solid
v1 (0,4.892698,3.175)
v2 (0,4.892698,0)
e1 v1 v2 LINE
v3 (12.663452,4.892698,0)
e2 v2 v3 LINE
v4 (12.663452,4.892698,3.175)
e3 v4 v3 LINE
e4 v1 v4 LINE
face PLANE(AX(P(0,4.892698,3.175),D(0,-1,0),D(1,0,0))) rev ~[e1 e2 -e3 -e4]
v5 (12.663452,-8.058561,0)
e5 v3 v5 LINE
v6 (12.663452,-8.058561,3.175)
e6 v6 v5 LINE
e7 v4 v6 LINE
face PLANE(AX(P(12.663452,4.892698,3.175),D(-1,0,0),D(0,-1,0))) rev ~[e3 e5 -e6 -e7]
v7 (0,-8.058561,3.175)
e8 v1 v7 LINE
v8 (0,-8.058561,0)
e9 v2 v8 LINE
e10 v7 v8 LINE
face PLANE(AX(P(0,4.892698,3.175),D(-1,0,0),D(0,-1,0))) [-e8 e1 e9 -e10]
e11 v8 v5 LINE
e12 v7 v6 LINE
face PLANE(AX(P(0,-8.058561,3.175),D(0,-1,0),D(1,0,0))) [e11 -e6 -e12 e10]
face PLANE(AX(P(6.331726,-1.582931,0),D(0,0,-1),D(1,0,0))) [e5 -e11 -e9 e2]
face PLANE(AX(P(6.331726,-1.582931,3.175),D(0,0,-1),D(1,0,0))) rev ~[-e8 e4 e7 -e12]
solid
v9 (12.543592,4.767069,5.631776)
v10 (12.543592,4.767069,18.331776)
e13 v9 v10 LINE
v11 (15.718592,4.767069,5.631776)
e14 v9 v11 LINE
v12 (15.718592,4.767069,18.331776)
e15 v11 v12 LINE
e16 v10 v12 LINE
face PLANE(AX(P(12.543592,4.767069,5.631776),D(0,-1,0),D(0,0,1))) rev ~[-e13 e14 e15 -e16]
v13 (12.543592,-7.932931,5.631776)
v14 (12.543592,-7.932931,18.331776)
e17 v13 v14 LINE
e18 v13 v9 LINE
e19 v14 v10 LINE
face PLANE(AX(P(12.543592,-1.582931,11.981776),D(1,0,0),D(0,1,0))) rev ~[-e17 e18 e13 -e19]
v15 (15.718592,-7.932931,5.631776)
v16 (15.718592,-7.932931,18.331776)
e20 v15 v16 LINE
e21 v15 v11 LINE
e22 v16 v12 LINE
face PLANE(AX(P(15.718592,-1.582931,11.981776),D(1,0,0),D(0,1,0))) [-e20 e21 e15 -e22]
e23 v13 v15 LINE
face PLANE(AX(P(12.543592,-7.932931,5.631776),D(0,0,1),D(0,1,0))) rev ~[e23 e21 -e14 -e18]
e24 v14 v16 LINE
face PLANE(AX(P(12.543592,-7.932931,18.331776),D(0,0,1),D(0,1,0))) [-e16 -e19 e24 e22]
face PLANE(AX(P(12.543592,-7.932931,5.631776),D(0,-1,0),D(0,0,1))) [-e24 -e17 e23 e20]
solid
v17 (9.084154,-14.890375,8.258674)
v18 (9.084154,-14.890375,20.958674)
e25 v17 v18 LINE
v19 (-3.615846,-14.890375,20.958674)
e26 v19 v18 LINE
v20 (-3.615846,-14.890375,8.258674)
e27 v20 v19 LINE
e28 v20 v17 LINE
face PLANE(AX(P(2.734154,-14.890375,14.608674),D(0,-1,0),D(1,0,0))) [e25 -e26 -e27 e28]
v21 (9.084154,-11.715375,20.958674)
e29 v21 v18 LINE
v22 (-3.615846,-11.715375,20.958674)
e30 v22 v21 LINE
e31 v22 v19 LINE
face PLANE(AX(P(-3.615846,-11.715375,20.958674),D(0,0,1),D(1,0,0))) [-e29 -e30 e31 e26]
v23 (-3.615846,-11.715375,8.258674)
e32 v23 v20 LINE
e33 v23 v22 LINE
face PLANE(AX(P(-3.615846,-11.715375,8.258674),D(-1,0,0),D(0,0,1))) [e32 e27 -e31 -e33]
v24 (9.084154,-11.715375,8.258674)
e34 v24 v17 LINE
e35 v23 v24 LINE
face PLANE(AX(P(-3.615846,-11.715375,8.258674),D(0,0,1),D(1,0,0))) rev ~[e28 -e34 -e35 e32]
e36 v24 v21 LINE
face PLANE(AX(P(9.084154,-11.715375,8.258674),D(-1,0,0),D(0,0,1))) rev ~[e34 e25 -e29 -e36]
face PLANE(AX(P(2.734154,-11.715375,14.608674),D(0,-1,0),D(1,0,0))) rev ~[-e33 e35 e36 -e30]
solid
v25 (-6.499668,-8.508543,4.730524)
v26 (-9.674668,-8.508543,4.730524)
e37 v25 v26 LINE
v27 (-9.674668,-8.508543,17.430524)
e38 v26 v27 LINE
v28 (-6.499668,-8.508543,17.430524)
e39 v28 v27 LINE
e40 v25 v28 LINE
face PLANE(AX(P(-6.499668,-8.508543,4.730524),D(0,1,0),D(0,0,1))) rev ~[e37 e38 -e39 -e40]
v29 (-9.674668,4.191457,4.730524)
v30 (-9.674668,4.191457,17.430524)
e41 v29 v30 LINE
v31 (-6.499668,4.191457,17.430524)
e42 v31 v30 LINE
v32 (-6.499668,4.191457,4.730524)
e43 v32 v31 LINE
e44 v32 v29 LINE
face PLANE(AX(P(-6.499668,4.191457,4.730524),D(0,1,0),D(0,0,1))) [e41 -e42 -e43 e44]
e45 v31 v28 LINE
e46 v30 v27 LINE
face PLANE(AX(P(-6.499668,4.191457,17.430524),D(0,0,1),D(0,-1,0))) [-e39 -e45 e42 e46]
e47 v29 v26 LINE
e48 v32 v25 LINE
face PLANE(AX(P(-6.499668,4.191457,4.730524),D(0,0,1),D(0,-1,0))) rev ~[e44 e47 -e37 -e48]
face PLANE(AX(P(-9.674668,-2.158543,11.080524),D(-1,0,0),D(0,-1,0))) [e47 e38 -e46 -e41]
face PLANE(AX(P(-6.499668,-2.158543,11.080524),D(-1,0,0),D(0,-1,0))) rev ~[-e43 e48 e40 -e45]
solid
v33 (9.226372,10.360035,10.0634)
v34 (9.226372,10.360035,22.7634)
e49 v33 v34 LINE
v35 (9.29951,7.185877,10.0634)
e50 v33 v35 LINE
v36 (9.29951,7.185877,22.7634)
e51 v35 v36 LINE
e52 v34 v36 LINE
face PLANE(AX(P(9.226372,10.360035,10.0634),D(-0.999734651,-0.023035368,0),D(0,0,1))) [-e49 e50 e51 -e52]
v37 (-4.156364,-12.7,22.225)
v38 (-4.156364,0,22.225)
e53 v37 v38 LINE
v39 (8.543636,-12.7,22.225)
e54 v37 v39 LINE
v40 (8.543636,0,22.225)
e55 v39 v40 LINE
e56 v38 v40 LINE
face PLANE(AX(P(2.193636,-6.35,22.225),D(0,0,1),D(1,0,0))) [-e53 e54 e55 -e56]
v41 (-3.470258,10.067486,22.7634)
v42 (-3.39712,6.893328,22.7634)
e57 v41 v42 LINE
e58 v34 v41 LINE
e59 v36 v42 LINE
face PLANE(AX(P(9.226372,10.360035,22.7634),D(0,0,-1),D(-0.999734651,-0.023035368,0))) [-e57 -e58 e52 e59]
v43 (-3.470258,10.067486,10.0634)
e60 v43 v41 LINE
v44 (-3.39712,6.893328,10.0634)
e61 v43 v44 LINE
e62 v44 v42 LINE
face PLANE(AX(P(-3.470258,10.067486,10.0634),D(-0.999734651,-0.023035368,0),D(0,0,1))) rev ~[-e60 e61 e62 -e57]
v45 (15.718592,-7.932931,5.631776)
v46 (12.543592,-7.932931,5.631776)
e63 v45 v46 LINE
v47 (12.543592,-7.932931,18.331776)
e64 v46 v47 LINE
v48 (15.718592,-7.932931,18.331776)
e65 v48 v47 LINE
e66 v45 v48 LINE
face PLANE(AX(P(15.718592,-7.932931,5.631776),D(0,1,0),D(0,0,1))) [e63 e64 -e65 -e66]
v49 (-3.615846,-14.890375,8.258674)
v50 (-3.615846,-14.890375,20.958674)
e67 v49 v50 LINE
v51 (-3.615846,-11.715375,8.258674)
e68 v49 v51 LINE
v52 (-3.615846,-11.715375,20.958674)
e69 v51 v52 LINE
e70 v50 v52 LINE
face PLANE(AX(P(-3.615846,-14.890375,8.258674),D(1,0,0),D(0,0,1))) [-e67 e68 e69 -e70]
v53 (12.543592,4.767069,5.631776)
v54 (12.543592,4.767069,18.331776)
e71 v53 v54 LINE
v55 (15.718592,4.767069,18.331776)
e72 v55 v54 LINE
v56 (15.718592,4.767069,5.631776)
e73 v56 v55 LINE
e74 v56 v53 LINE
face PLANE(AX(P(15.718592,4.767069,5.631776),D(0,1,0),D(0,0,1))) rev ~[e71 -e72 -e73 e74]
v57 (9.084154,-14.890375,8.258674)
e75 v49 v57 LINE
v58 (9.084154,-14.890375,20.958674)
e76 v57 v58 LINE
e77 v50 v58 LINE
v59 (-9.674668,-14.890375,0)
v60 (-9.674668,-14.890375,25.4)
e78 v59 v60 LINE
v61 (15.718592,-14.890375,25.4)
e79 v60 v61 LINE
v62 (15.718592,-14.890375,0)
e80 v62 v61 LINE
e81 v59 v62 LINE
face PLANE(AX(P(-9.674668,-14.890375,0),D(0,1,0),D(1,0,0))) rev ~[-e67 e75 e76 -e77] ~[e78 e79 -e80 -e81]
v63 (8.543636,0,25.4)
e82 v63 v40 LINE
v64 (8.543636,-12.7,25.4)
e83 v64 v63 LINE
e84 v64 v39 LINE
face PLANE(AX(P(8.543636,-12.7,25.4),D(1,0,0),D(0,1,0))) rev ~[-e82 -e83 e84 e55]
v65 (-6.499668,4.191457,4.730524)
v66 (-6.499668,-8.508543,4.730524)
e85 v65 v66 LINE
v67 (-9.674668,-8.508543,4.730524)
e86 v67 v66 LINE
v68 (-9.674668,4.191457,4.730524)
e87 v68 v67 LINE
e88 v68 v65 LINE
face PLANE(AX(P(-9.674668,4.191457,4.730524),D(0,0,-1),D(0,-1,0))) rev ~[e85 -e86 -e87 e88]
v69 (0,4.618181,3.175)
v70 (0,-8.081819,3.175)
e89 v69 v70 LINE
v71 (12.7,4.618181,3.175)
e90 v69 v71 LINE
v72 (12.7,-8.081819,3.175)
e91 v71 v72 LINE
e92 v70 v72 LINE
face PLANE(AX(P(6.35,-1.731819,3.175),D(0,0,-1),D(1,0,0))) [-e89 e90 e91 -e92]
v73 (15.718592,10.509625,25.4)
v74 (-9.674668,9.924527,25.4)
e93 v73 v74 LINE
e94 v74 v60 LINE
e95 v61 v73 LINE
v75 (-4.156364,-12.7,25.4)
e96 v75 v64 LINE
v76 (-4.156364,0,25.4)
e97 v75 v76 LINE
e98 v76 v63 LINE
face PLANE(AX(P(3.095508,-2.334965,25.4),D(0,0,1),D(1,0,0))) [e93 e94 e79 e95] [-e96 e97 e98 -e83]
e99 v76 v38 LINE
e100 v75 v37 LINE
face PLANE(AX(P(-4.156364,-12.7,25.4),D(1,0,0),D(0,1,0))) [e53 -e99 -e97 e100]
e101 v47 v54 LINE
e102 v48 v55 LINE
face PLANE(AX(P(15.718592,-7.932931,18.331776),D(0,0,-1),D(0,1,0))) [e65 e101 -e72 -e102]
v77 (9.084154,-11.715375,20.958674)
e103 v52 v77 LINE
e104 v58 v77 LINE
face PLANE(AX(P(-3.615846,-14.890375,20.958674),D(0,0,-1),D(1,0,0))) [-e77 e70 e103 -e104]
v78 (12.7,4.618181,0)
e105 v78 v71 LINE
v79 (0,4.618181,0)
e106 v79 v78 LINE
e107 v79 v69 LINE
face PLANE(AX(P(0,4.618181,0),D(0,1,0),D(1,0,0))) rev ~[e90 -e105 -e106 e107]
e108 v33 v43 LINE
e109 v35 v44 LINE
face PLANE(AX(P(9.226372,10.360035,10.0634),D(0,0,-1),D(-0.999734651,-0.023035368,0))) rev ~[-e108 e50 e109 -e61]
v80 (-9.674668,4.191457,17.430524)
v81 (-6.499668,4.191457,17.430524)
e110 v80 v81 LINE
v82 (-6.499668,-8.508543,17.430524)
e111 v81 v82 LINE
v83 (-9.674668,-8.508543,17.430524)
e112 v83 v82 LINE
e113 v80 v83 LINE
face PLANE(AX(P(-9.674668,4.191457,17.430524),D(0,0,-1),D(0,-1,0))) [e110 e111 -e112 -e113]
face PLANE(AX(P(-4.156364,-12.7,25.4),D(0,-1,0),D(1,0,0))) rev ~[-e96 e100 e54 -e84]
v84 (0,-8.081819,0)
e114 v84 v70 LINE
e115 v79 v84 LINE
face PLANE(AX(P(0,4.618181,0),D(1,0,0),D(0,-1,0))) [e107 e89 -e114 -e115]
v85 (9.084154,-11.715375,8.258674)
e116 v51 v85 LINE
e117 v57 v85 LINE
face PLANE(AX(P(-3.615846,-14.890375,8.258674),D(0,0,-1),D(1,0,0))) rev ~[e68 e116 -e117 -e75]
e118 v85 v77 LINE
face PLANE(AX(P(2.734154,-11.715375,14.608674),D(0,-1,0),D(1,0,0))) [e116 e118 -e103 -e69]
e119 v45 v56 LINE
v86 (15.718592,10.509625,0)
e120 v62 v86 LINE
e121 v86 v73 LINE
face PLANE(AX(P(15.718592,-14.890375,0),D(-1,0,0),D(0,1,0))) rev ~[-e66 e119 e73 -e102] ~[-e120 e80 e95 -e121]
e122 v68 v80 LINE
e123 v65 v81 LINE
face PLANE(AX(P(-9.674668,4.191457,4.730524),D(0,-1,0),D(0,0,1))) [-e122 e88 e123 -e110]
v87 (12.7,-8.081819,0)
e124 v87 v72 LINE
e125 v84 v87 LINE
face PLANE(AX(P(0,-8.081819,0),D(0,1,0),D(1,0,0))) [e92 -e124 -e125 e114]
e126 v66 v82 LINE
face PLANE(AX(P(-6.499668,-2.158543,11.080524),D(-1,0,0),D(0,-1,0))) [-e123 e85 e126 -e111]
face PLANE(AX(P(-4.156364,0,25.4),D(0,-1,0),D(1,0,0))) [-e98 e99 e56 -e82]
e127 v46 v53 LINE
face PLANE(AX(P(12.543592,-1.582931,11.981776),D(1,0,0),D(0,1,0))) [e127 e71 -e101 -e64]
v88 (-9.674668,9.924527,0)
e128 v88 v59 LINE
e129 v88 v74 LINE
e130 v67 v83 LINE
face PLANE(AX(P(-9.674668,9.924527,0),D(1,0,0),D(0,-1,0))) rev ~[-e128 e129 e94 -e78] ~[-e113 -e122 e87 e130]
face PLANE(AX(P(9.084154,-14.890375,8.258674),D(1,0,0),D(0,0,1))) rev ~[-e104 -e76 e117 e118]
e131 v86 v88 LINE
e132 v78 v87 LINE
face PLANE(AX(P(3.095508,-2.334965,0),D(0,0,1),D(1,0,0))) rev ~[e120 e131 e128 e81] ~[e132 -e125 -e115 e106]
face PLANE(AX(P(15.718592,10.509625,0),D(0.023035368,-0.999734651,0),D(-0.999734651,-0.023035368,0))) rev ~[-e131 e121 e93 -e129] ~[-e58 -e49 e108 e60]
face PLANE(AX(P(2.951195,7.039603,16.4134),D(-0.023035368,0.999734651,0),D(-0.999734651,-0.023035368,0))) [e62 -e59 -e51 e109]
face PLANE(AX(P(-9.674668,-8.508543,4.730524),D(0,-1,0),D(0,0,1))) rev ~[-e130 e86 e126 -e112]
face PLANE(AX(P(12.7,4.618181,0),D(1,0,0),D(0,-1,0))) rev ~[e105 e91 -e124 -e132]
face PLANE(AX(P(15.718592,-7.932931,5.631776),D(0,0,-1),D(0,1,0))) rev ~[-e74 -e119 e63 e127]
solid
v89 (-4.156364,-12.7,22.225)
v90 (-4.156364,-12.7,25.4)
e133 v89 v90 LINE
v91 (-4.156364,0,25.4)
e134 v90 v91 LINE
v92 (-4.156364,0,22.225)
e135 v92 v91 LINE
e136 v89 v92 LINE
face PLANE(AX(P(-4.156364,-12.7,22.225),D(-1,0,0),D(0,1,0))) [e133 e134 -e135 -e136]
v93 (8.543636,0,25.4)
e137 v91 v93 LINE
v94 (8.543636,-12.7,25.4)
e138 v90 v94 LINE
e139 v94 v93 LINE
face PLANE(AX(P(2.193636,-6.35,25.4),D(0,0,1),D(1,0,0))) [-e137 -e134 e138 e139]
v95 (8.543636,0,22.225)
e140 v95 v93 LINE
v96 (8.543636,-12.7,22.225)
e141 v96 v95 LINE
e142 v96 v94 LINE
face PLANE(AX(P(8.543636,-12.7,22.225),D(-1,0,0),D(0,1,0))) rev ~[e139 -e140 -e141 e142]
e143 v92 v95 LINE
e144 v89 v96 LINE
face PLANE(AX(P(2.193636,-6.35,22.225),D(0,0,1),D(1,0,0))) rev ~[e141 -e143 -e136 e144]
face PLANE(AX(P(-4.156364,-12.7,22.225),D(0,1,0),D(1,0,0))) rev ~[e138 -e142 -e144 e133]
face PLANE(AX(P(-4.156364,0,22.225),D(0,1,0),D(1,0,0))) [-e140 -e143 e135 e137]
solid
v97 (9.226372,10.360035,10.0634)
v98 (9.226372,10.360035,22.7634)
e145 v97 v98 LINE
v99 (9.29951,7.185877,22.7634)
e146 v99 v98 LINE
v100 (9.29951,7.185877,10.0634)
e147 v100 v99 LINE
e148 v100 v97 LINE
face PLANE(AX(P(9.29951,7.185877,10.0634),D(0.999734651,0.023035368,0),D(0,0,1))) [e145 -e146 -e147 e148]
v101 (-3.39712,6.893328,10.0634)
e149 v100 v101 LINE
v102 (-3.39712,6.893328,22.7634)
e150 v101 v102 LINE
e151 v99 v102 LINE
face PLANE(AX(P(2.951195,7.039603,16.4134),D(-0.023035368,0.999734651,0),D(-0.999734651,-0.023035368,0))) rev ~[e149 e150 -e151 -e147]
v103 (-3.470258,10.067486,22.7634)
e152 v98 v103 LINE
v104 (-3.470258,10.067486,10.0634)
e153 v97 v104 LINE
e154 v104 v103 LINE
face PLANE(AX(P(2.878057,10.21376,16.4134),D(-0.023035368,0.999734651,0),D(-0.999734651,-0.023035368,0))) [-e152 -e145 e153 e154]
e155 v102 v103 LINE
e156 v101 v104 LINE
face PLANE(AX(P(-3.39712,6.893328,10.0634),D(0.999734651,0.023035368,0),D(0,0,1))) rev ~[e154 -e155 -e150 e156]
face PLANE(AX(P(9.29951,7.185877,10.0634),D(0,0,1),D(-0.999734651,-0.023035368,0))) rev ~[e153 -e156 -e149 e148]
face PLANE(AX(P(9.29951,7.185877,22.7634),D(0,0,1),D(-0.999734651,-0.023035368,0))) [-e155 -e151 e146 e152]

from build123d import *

# Parameters (mm, degrees)
F1_DEPTH  = 25.4
F2_W      = 12.7
F2_H      = 12.7
F3_DEPTH  = 3.175
F4_W      = 12.7
F4_H      = 12.7
F5_DEPTH  = 3.175
F6_W      = 12.7
F6_H      = 12.7
F7_DEPTH  = 3.175
F8_W      = 12.7
F8_H      = 12.7
F9_DEPTH  = 3.175
F10_W     = 12.7
F10_H     = 12.7
F11_DEPTH = 3.175
F12_W     = 12.7
F12_H     = 12.7
F13_DEPTH = 3.175
F14_W     = 12.7
F14_H     = 12.7
F15_DEPTH = 3.175
F16_W     = 12.7
F16_H     = 12.7
F18_DEPTH = 3.175
F19_W     = 12.7
F19_H     = 12.7
F21_DEPTH = 3.175
F22_W     = 12.7
F22_H     = 12.7
F23_DEPTH = 3.175
F24_W     = 12.7
F24_H     = 12.7
F25_DEPTH = 3.175
F27_W     = 12.6634519547
F27_H     = 12.9512590356
F28_DEPTH = 3.175


with BuildPart() as f1:
    # F0 (on Top) → F1 (new body)
    with BuildSketch(Plane.XY):
        Polygon((15.7185920732, 10.5096250758), (-9.6746680545, 9.9245267207), (-9.6746680545, -14.8903749242), (15.7185920732, -14.8903749242), align=None)
    extrude(amount=F1_DEPTH)

    # F2 (on face) → F3 (cut)
    with BuildSketch(Plane.XY.offset(25.4)):
        with Locations((2.1936363501, -6.35)):
            Rectangle(F2_W, F2_H)
    extrude(amount=-F3_DEPTH, mode=Mode.SUBTRACT)

    # F4 (on face) → F5 (cut)
    with BuildSketch(Plane.YZ.offset(15.7185920732)):
        with Locations((-1.5829310287, 11.9817761521)):
            Rectangle(F4_W, F4_H)
    extrude(amount=-F5_DEPTH, mode=Mode.SUBTRACT)

    # F6 (on face) → F7 (cut)
    with BuildSketch(Plane.XZ.offset(14.8903749242)):
        with Locations((2.7341544628, 14.6086736287)):
            Rectangle(F6_W, F6_H)
    extrude(amount=-F7_DEPTH, mode=Mode.SUBTRACT)

    # F8 (on face) → F9 (cut)
    with BuildSketch(Plane(origin=(0, 0, 0), x_dir=(1, 0, 0), z_dir=(0, 0, -1))):
        with Locations((6.35, 1.7318187479)):
            Rectangle(F8_W, F8_H)
    extrude(amount=-F9_DEPTH, mode=Mode.SUBTRACT)

    # F10 (on face) → F11 (cut)
    with BuildSketch(Plane(origin=(-0.2336881171, 10.1420608934, 0), x_dir=(-0.9997346507, -0.0230353683, 0), z_dir=(-0.0230353683, 0.9997346507, 0))):
        with Locations((-3.112571314, 16.4134004896)):
            Rectangle(F10_W, F10_H)
    extrude(amount=-F11_DEPTH, mode=Mode.SUBTRACT)

    # F12 (on face) → F13 (cut)
    with BuildSketch(Plane(origin=(-9.6746680545, 0, 0), x_dir=(0, -1, 0), z_dir=(-1, 0, 0))):
        with Locations((2.1585428622, 11.0805242696)):
            Rectangle(F12_W, F12_H)
    extrude(amount=-F13_DEPTH, mode=Mode.SUBTRACT)


with BuildPart() as f15:
    # F14 (on face) → F15 (new body)
    with BuildSketch(Plane.XY.offset(22.225)):
        with Locations((2.1936363501, -6.35)):
            Rectangle(F14_W, F14_H)
    extrude(amount=F15_DEPTH)


with BuildPart() as f18:
    # F16 (on face) → F18 (new body)
    with BuildSketch(Plane.YZ.offset(12.5435920732)):
        with Locations((-1.5829310287, 11.9817761521)):
            Rectangle(F16_W, F16_H)
    extrude(amount=F18_DEPTH)


with BuildPart() as f21:
    # F19 (on face) → F21 (new body)
    with BuildSketch(Plane(origin=(-0.1605508227, 6.9679033774, 0), x_dir=(-0.9997346507, -0.0230353683, 0), z_dir=(-0.0230353683, 0.9997346507, 0))):
        with Locations((-3.112571314, 16.4134004896)):
            Rectangle(F19_W, F19_H)
    extrude(amount=F21_DEPTH)


with BuildPart() as f23:
    # F22 (on face) → F23 (new body)
    with BuildSketch(Plane(origin=(-6.4996680545, 0, 0), x_dir=(0, -1, 0), z_dir=(-1, 0, 0))):
        with Locations((2.1585428622, 11.0805242696)):
            Rectangle(F22_W, F22_H)
    extrude(amount=F23_DEPTH)


with BuildPart() as f25:
    # F24 (on face) → F25 (new body)
    with BuildSketch(Plane.XZ.offset(11.7153749242)):
        with Locations((2.7341544628, 14.6086736287)):
            Rectangle(F24_W, F24_H)
    extrude(amount=F25_DEPTH)


with BuildPart() as f28:
    # F27 (on face) → F28 (new body)
    with BuildSketch(Plane(origin=(0, 0, 3.175), x_dir=(1, 0, 0), z_dir=(0, 0, -1))):
        with Locations((6.3317259774, 1.5829314943)):
            Rectangle(F27_W, F27_H)
    extrude(amount=F28_DEPTH)


solid = Compound([f1.part, f15.part, f18.part, f21.part, f23.part, f25.part, f28.part])
